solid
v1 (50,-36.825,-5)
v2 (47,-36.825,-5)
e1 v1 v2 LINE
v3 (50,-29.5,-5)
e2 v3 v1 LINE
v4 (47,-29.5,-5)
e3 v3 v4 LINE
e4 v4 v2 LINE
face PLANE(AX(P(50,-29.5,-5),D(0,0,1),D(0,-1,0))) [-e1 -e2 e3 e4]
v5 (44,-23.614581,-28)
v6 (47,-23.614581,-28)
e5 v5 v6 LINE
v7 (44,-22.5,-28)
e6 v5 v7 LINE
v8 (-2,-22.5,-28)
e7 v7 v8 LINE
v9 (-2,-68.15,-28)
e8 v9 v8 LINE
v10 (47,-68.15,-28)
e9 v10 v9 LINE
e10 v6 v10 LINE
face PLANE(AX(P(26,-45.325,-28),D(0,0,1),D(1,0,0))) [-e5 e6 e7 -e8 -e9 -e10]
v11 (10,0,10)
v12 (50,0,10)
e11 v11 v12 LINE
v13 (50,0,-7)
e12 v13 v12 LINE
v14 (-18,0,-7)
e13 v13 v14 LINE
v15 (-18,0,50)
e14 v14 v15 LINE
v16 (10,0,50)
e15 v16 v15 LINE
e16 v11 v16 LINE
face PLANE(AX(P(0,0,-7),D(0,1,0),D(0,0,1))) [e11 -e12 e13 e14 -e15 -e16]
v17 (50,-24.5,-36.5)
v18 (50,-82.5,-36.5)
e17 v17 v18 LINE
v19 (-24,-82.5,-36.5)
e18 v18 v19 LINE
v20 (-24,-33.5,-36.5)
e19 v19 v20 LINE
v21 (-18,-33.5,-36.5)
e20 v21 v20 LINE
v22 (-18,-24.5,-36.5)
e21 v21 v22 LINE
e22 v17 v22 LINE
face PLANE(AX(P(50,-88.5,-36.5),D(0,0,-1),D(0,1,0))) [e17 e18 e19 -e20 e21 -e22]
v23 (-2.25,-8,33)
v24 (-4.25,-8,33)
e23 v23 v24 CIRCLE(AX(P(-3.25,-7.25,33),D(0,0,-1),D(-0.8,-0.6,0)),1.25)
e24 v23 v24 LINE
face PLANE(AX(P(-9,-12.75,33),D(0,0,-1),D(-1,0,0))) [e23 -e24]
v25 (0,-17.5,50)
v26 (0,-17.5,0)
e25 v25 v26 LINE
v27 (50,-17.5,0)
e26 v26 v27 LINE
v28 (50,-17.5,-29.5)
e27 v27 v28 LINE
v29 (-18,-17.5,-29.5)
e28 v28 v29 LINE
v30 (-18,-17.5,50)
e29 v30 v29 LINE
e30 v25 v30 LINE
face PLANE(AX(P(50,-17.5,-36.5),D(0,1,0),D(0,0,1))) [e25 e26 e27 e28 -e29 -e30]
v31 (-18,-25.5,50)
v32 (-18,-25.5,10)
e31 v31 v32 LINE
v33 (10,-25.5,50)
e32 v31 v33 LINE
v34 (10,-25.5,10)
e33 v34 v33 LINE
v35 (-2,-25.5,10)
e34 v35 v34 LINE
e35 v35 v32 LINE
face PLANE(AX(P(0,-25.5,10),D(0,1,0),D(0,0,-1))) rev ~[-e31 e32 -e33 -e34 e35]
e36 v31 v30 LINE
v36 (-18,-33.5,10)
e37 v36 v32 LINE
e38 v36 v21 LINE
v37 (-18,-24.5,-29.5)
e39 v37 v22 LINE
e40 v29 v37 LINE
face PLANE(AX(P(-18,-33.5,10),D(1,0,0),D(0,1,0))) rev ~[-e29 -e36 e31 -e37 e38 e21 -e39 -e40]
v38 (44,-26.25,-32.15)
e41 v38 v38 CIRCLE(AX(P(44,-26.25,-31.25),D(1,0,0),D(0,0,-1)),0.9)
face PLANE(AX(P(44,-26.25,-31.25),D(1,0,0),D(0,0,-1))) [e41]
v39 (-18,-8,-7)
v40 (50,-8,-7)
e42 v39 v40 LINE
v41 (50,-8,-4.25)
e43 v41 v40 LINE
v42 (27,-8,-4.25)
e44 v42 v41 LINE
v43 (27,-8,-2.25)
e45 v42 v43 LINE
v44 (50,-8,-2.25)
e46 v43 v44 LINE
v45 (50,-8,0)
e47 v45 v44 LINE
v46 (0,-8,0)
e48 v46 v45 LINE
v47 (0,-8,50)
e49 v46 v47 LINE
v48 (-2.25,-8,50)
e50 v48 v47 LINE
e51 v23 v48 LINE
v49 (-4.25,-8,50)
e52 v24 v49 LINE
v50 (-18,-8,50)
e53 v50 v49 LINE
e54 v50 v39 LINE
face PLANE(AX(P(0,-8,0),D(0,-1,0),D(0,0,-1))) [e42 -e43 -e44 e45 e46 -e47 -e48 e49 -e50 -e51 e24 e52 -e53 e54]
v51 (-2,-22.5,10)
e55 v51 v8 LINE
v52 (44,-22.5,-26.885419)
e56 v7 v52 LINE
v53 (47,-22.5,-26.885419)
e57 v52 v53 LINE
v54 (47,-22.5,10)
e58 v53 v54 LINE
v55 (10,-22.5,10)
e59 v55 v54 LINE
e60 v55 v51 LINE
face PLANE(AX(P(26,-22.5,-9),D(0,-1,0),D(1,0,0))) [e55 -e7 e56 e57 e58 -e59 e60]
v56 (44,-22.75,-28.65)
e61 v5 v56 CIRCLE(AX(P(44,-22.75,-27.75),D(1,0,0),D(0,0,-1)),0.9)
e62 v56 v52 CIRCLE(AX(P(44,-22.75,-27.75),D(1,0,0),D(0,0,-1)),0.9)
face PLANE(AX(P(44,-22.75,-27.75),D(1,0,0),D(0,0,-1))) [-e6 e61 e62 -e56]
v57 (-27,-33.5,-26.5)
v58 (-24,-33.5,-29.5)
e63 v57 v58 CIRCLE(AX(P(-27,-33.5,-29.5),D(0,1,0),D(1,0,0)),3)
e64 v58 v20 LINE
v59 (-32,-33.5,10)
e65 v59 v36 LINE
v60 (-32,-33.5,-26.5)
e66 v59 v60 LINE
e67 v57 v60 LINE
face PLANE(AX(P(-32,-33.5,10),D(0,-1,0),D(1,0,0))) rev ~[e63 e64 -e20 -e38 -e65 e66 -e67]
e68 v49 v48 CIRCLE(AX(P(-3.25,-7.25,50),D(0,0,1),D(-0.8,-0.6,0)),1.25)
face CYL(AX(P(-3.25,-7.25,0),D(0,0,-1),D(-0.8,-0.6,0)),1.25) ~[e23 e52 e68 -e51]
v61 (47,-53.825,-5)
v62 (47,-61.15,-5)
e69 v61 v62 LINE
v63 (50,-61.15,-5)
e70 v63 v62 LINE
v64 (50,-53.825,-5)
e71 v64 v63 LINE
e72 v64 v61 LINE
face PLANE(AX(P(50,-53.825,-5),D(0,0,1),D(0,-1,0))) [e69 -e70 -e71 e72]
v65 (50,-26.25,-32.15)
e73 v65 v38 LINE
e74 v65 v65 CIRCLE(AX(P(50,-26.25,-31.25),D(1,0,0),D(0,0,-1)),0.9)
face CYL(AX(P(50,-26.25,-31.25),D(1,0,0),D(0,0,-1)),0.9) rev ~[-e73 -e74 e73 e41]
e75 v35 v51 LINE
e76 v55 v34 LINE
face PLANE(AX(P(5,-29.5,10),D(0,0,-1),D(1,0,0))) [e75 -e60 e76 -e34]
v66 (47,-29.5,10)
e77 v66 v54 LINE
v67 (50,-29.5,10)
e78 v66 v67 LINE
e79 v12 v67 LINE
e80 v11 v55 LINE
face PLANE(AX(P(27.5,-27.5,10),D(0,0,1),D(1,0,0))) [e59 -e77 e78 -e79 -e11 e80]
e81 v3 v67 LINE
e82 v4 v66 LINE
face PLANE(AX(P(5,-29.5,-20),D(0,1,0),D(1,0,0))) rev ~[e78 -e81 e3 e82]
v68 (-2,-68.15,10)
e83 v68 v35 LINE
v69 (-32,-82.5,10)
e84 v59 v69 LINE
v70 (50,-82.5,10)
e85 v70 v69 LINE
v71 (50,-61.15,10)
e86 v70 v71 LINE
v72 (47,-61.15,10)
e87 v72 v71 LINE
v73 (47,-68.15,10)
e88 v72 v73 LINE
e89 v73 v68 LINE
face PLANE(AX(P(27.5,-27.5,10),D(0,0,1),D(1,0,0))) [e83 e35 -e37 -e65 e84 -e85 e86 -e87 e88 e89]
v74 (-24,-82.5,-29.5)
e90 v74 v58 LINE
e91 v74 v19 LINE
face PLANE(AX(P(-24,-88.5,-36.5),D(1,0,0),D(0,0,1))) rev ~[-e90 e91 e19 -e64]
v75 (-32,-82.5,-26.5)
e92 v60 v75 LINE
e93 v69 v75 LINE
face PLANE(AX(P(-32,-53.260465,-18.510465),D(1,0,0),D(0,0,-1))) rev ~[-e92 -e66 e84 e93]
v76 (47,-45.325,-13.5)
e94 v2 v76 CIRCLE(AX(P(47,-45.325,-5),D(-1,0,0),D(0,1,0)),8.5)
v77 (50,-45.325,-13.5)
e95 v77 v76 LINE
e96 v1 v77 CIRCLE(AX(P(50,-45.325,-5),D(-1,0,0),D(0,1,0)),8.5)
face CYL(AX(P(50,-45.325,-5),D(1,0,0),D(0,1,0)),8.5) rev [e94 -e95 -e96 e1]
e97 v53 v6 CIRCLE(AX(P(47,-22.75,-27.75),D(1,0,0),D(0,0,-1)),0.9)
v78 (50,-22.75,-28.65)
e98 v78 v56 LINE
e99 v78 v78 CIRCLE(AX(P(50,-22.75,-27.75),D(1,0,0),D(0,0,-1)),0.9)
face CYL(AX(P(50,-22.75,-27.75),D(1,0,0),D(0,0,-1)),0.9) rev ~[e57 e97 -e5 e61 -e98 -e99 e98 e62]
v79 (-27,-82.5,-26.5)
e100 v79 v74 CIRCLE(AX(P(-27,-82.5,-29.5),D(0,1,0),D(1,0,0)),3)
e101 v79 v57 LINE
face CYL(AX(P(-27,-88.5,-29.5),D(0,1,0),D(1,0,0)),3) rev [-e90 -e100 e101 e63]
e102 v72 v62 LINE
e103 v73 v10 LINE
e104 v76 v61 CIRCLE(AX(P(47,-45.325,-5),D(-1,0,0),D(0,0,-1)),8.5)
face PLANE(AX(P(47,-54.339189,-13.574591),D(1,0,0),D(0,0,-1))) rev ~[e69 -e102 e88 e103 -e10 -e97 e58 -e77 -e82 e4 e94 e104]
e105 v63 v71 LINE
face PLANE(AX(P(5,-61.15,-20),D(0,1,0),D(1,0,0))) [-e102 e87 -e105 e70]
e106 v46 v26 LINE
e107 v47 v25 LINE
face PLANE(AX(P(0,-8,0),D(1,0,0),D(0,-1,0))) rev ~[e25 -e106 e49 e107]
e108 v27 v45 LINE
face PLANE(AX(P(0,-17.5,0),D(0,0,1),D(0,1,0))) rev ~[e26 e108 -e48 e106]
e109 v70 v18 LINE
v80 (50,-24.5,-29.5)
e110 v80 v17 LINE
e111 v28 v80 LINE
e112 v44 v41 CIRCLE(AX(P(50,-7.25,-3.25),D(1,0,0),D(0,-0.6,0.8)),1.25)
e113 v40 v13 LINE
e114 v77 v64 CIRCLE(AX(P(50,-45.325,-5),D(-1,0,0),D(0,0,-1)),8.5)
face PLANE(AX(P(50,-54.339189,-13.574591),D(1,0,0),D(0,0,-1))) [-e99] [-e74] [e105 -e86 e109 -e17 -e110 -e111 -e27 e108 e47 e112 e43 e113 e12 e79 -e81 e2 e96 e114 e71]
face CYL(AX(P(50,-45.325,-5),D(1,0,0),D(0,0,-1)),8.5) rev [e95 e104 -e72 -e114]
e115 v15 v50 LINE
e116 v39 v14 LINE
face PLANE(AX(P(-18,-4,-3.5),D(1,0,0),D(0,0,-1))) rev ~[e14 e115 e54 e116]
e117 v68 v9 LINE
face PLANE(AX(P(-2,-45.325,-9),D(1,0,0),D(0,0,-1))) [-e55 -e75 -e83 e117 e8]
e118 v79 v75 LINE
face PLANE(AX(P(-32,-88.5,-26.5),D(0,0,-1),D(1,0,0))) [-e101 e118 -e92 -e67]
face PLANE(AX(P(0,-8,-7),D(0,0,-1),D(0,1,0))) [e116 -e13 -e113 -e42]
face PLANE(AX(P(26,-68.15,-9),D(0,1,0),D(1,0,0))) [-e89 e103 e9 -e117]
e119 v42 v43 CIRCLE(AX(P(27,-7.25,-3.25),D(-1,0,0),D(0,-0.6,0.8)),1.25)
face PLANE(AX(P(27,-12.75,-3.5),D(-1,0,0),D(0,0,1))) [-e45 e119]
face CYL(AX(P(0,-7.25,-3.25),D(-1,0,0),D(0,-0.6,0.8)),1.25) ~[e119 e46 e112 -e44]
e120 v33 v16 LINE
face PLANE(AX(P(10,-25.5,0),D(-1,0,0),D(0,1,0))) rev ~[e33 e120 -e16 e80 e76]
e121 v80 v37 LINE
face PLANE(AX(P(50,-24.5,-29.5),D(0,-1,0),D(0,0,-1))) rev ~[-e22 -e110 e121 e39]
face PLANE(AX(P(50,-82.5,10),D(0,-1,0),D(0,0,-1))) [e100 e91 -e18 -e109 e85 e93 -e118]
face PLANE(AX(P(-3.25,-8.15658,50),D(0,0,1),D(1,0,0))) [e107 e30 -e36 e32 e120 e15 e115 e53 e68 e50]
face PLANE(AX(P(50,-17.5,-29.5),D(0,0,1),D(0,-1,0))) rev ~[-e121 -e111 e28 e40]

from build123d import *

# Parameters (mm, degrees)
BOSS_EXTRUDE1_DEPTH = 50
SKETCH2_W           = 7
SKETCH2_H           = 8
BOSS_EXTRUDE2_DEPTH = 50
SKETCH2_3_W         = 7
SKETCH2_3_H         = 8
BOSS_EXTRUDE3_DEPTH = 18
SKETCH3_W           = 10
SKETCH3_H           = 63
SKETCH3_W_2         = 7
SKETCH3_H_2         = 8
BOSS_EXTRUDE4_DEPTH = 82
FILLET1_R           = 5
SKETCH4_W           = 49
SKETCH4_H           = 29.5
CUT_EXTRUDE1_DEPTH  = 63
SKETCH5_W           = 29.5
SKETCH5_H           = 11
BOSS_EXTRUDE5_DEPTH = 49
CUT_EXTRUDE2_DEPTH  = 29.5
SKETCH6_R           = 1.75
CUT_EXTRUDE3_DEPTH  = 5
SKETCH6_6_R         = 0.75
CUT_EXTRUDE4_DEPTH  = 15
SKETCH8_W           = 18
SKETCH8_H           = 9.5
CUT_EXTRUDE5_DEPTH  = 40
SKETCH9_W           = 7
SKETCH9_H           = 9.5
CUT_EXTRUDE6_DEPTH  = 45
SKETCH10_W          = 10
SKETCH10_H          = 10
CUT_EXTRUDE7_DEPTH  = 29.5
SKETCH11_W          = 13
SKETCH11_H          = 48
SKETCH11_H_2        = 7
CUT_EXTRUDE8_DEPTH  = 124.13610356
SKETCH12_W          = 8
SKETCH12_H          = 10
CUT_EXTRUDE9_DEPTH  = 114.279521539
SKETCH13_W          = 10
SKETCH13_H          = 6
CUT_EXTRUDE10_DEPTH = 14
SKETCH15_W          = 14
SKETCH15_H          = 6
CUT_EXTRUDE11_DEPTH = 128.218316291
FILLET2_R           = 3
SKETCH17_W          = 49
SKETCH17_H          = 62
BOSS_EXTRUDE6_DEPTH = 46.5
CUT_EXTRUDE12_START = -30
SKETCH18_W          = 45
SKETCH18_H          = 63
CUT_EXTRUDE12_DEPTH = 30
SKETCH19_W          = 45
SKETCH19_H          = 4
SKETCH19_H_2        = 27.35
BOSS_EXTRUDE7_DEPTH = 30
BOSS_EXTRUDE8_DEPTH = 3
SKETCH24_W          = 14
SKETCH24_H          = 10
CUT_EXTRUDE15_DEPTH = 112.778799421
SKETCH26_W          = 42
SKETCH26_H          = 31.65
CUT_EXTRUDE16_DEPTH = 8
SKETCH27_W          = 42
SKETCH27_H          = 38
CUT_EXTRUDE17_DEPTH = 7
SKETCH28_W          = 42
SKETCH28_H          = 38
CUT_EXTRUDE18_DEPTH = 7
SKETCH29_W          = 38
SKETCH29_H          = 45.65
CUT_EXTRUDE19_DEPTH = 7
SKETCH30_W          = 46.5
SKETCH30_H          = 6
CUT_EXTRUDE20_DEPTH = 131.599578866
CUT_EXTRUDE21_DEPTH = 127.610623567
SKETCH32_3_R        = 0.9
SKETCH32_3_R_2      = 0.75
CUT_EXTRUDE22_DEPTH = 6


with BuildPart() as part:
    # Sketch1 → Boss-Extrude1 (new body)
    with BuildSketch(Plane.XY):
        with BuildLine():
            Line((-2.25, -8), (-4.25, -8))
            ThreePointArc((-4.25, -8), (-3.25, -8.5), (-2.25, -8))
        make_face()
        Polygon((10, -25.5), (10, 0), (0, 0), (-18, 0), (-18, -8), (0, -8), (0, -17.5), (-18, -17.5), (-18, -25.5), align=None)
    extrude(amount=BOSS_EXTRUDE1_DEPTH)

    # Sketch2 → Boss-Extrude2 (add)
    with BuildSketch(Plane(origin=(0, 0, 0), x_dir=(0, 0, -1), z_dir=(1, 0, 0))):
        Polygon((7, 0), (0, 0), (0, -8), (2.25, -8), (4.25, -8), (7, -8), align=None)
        Polygon((0, -8), (0, 0), (-10, 0), (-10, -25.5), (0, -25.5), (0, -17.5), align=None)
        with Locations((3.5, -21.5)):
            Rectangle(SKETCH2_W, SKETCH2_H)
        with BuildLine():
            Line((4.25, -8), (2.25, -8))
            ThreePointArc((2.25, -8), (3.25, -8.5), (4.25, -8))
        make_face()
    extrude(amount=BOSS_EXTRUDE2_DEPTH)

    # Sketch2<3> → Boss-Extrude3 (add)
    with BuildSketch(Plane(origin=(0, 0, 0), x_dir=(0, 0, -1), z_dir=(1, 0, 0))):
        Polygon((7, 0), (0, 0), (0, -8), (2.25, -8), (4.25, -8), (7, -8), align=None)
        with Locations((3.5, -21.5)):
            Rectangle(SKETCH2_3_W, SKETCH2_3_H)
    extrude(amount=-BOSS_EXTRUDE3_DEPTH)

    # Sketch3 → Boss-Extrude4 (add)
    with BuildSketch(Plane(origin=(50, 0, 0), x_dir=(0, 0, -1), z_dir=(1, 0, 0))):
        Polygon((36.5, -17.5), (7, -17.5), (7, -25.5), (0, -25.5), (0, -88.5), (36.5, -88.5), align=None)
        with Locations((-5, -57)):
            Rectangle(SKETCH3_W, SKETCH3_H)
        with Locations((3.5, -21.5)):
            Rectangle(SKETCH3_W_2, SKETCH3_H_2)
        with Locations((-5, -21.5)):
            Rectangle(SKETCH3_W, SKETCH3_H_2)
    extrude(amount=-BOSS_EXTRUDE4_DEPTH)

    # Fillet1
    fillet1_edges = [part.edges().sort_by_distance(p)[0] for p in [
        (-32, -17.5, -13.25),
        (-32, -53, -36.5),
        (9, -17.5, -36.5),
    ]]
    fillet(fillet1_edges, radius=FILLET1_R)

    # Sketch4 → Cut-Extrude1 (cut)
    with BuildSketch(Plane.XZ.offset(88.5)):
        with Locations((25.5, -4.75)):
            Rectangle(SKETCH4_W, SKETCH4_H)
    extrude(amount=-CUT_EXTRUDE1_DEPTH, mode=Mode.SUBTRACT)

    # Sketch5 → Boss-Extrude5 (add)
    with BuildSketch(Plane(origin=(50, 0, 0), x_dir=(0, 0, -1), z_dir=(1, 0, 0))):
        with Locations((4.75, -31)):
            Rectangle(SKETCH5_W, SKETCH5_H)
        with Locations((4.75, -83)):
            Rectangle(SKETCH5_W, SKETCH5_H)
    extrude(amount=-BOSS_EXTRUDE5_DEPTH)

    # Sketch7 → Cut-Extrude2 (cut)
    with BuildSketch(Plane.XY.offset(10)):
        Polygon((1, -36.5), (27, -36.5), (27, -26.5), (50, -26.5), (50, -88.5), (27, -88.5), (27, -77.5), (1, -77.5), align=None)
    extrude(amount=-CUT_EXTRUDE2_DEPTH, mode=Mode.SUBTRACT)

    # Sketch6 → Cut-Extrude3 (cut)
    with BuildSketch(Plane(origin=(27, 0, 0), x_dir=(0, 0, -1), z_dir=(1, 0, 0))):
        with Locations((4.25, -81.5)):
            Circle(SKETCH6_R)
        with Locations((14.25, -81.5)):
            Circle(SKETCH6_R)
        with Locations((14.25, -32.5)):
            Circle(SKETCH6_R)
        with Locations((4.25, -32.5)):
            Circle(SKETCH6_R)
    extrude(amount=-CUT_EXTRUDE3_DEPTH, mode=Mode.SUBTRACT)

    # Sketch6<6> → Cut-Extrude4 (cut)
    with BuildSketch(Plane(origin=(27, 0, 0), x_dir=(0, 0, -1), z_dir=(1, 0, 0))):
        with Locations((4.25, -81.5)):
            Circle(SKETCH6_6_R)
        with Locations((14.25, -81.5)):
            Circle(SKETCH6_6_R)
        with Locations((14.25, -32.5)):
            Circle(SKETCH6_6_R)
        with Locations((4.25, -32.5)):
            Circle(SKETCH6_6_R)
    extrude(amount=-CUT_EXTRUDE4_DEPTH, mode=Mode.SUBTRACT)

    # Sketch8 → Cut-Extrude5 (cut)
    with BuildSketch(Plane(origin=(0, 0, -7), x_dir=(-1, 0, 0), z_dir=(0, 0, -1))):
        with Locations((9, -12.75)):
            Rectangle(SKETCH8_W, SKETCH8_H)
    extrude(amount=-CUT_EXTRUDE5_DEPTH, mode=Mode.SUBTRACT)

    # Sketch9 → Cut-Extrude6 (cut)
    with BuildSketch(Plane.ZY.offset(18)):
        with Locations((-3.5, -12.75)):
            Rectangle(SKETCH9_W, SKETCH9_H)
    extrude(amount=-CUT_EXTRUDE6_DEPTH, mode=Mode.SUBTRACT)

    # Sketch10 → Cut-Extrude7 (cut)
    with BuildSketch(Plane.XY.offset(10)):
        with Locations((6, -31.5)):
            Rectangle(SKETCH10_W, SKETCH10_H)
    extrude(amount=-CUT_EXTRUDE7_DEPTH, mode=Mode.SUBTRACT)

    # Sketch11 → Cut-Extrude8 (cut, through all)
    with BuildSketch(Plane.XY.offset(-19.5)):
        with Locations((43.5, -57.5)):
            Rectangle(SKETCH11_W, SKETCH11_H)
        with Locations((43.5, -85)):
            Rectangle(SKETCH11_W, SKETCH11_H_2)
    extrude(amount=-CUT_EXTRUDE8_DEPTH, mode=Mode.SUBTRACT)

    # Sketch12 → Cut-Extrude9 (cut, through all)
    with BuildSketch(Plane.XZ.offset(88.5)):
        with Locations((-28, -31.5)):
            Rectangle(SKETCH12_W, SKETCH12_H)
    extrude(amount=-CUT_EXTRUDE9_DEPTH, mode=Mode.SUBTRACT)

    # Sketch13 → Cut-Extrude10 (cut)
    with BuildSketch(Plane.ZY.offset(32)):
        with Locations((-31.5, -20.5)):
            Rectangle(SKETCH13_W, SKETCH13_H)
    extrude(amount=-CUT_EXTRUDE10_DEPTH, mode=Mode.SUBTRACT)

    # Sketch15 → Cut-Extrude11 (cut, through all)
    with BuildSketch(Plane(origin=(0, 0, -26.5), x_dir=(-1, 0, 0), z_dir=(0, 0, -1))):
        with Locations((25, -20.5)):
            Rectangle(SKETCH15_W, SKETCH15_H)
    extrude(amount=-CUT_EXTRUDE11_DEPTH, mode=Mode.SUBTRACT)

    # Fillet2
    fillet2_edges = [part.edges().sort_by_distance(p)[0] for p in [
        (-24, -56, -26.5),
        (-24, -23.5, -31.5),
        (-28, -23.5, -26.5),
    ]]
    fillet(fillet2_edges, radius=FILLET2_R)

    # Sketch17 → Boss-Extrude6 (add)
    with BuildSketch(Plane.XY.offset(10)):
        with Locations((25.5, -57.5)):
            Rectangle(SKETCH17_W, SKETCH17_H)
    extrude(amount=-BOSS_EXTRUDE6_DEPTH)

    # Sketch18 → Cut-Extrude12 (cut)
    with BuildSketch(Plane.XY.offset(10).offset(CUT_EXTRUDE12_START)):
        with Locations((27.5, -57)):
            Rectangle(SKETCH18_W, SKETCH18_H)
    extrude(amount=CUT_EXTRUDE12_DEPTH, mode=Mode.SUBTRACT)

    # Sketch19 → Boss-Extrude7 (add)
    with BuildSketch(Plane.XY.offset(-20)):
        with Locations((27.5, -27.5)):
            Rectangle(SKETCH19_W, SKETCH19_H)
        with Locations((27.5, -74.825)):
            Rectangle(SKETCH19_W, SKETCH19_H_2)
    extrude(amount=BOSS_EXTRUDE7_DEPTH)

    # Sketch22 → Boss-Extrude8 (add)
    with BuildSketch(Plane(origin=(50, 0, 0), x_dir=(0, 0, -1), z_dir=(1, 0, 0))):
        with BuildLine():
            Line((20, -61.15), (20, -45.325))
            Line((20, -45.325), (13.5, -45.325))
            ThreePointArc((13.5, -45.325), (11.01040764, -51.33540764), (5, -53.825))
            Line((5, -53.825), (5, -61.15))
            Line((5, -61.15), (20, -61.15))
        make_face()
        with BuildLine():
            Line((20, -45.325), (20, -29.5))
            Line((20, -29.5), (5, -29.5))
            Line((5, -29.5), (5, -36.825))
            ThreePointArc((5, -36.825), (11.01040764, -39.31459236), (13.5, -45.325))
            Line((13.5, -45.325), (20, -45.325))
        make_face()
    extrude(amount=-BOSS_EXTRUDE8_DEPTH)

    # Sketch24 → Cut-Extrude15 (cut, through all)
    with BuildSketch(Plane.XY.offset(10)):
        with Locations((-25, -28.5)):
            Rectangle(SKETCH24_W, SKETCH24_H)
    extrude(amount=-CUT_EXTRUDE15_DEPTH, mode=Mode.SUBTRACT)

    # Sketch26 → Cut-Extrude16 (cut)
    with BuildSketch(Plane.XY.offset(-20)):
        with Locations((26, -45.325)):
            Rectangle(SKETCH26_W, SKETCH26_H)
    extrude(amount=-CUT_EXTRUDE16_DEPTH, mode=Mode.SUBTRACT)

    # Sketch27 → Cut-Extrude17 (cut)
    with BuildSketch(Plane.XZ.offset(29.5)):
        with Locations((26, -9)):
            Rectangle(SKETCH27_W, SKETCH27_H)
    extrude(amount=-CUT_EXTRUDE17_DEPTH, mode=Mode.SUBTRACT)

    # Sketch28 → Cut-Extrude18 (cut)
    with BuildSketch(Plane(origin=(0, -61.15, 0), x_dir=(1, 0, 0), z_dir=(0, 1, 0))):
        with Locations((26, 9)):
            Rectangle(SKETCH28_W, SKETCH28_H)
    extrude(amount=-CUT_EXTRUDE18_DEPTH, mode=Mode.SUBTRACT)

    # Sketch29 → Cut-Extrude19 (cut)
    with BuildSketch(Plane(origin=(5, 0, 0), x_dir=(0, 0, -1), z_dir=(1, 0, 0))):
        with Locations((9, -45.325)):
            Rectangle(SKETCH29_W, SKETCH29_H)
    extrude(amount=-CUT_EXTRUDE19_DEPTH, mode=Mode.SUBTRACT)

    # Sketch30 → Cut-Extrude20 (cut, through all)
    with BuildSketch(Plane(origin=(50, 0, 0), x_dir=(0, 0, -1), z_dir=(1, 0, 0))):
        with Locations((13.25, -85.5)):
            Rectangle(SKETCH30_W, SKETCH30_H)
    extrude(amount=-CUT_EXTRUDE20_DEPTH, mode=Mode.SUBTRACT)

    # Sketch32 → Cut-Extrude21 (cut, through all)
    with BuildSketch(Plane(origin=(50, 0, 0), x_dir=(0, 0, -1), z_dir=(1, 0, 0))):
        with BuildLine():
            ThreePointArc((36.5, -22.5), (35.035533906, -18.964466094), (31.5, -17.5))
            Line((31.5, -17.5), (29.5, -17.5))
            Line((29.5, -17.5), (29.5, -20))
            Line((29.5, -20), (29.5, -21))
            Line((29.5, -21), (29.5, -24.5))
            Line((29.5, -24.5), (33, -24.5))
            Line((33, -24.5), (34.1, -24.5))
            Line((34.1, -24.5), (35.4, -24.5))
            Line((35.4, -24.5), (36.5, -24.5))
            Line((36.5, -24.5), (36.5, -22.5))
        make_face()
    extrude(amount=-CUT_EXTRUDE21_DEPTH, mode=Mode.SUBTRACT)

    # Sketch32<3> → Cut-Extrude22 (cut)
    with BuildSketch(Plane(origin=(50, 0, 0), x_dir=(0, 0, -1), z_dir=(1, 0, 0))):
        with Locations((27.75, -22.75)):
            Circle(SKETCH32_3_R)
        with Locations((27.75, -22.75)):
            Circle(SKETCH32_3_R_2, mode=Mode.SUBTRACT)
        with Locations((27.75, -22.75)):
            Circle(SKETCH32_3_R_2)
        with Locations((31.25, -26.25)):
            Circle(SKETCH32_3_R)
        with Locations((31.25, -26.25)):
            Circle(SKETCH32_3_R_2, mode=Mode.SUBTRACT)
        with Locations((31.25, -26.25)):
            Circle(SKETCH32_3_R_2)
    extrude(amount=-CUT_EXTRUDE22_DEPTH, mode=Mode.SUBTRACT)


solid = part.part
